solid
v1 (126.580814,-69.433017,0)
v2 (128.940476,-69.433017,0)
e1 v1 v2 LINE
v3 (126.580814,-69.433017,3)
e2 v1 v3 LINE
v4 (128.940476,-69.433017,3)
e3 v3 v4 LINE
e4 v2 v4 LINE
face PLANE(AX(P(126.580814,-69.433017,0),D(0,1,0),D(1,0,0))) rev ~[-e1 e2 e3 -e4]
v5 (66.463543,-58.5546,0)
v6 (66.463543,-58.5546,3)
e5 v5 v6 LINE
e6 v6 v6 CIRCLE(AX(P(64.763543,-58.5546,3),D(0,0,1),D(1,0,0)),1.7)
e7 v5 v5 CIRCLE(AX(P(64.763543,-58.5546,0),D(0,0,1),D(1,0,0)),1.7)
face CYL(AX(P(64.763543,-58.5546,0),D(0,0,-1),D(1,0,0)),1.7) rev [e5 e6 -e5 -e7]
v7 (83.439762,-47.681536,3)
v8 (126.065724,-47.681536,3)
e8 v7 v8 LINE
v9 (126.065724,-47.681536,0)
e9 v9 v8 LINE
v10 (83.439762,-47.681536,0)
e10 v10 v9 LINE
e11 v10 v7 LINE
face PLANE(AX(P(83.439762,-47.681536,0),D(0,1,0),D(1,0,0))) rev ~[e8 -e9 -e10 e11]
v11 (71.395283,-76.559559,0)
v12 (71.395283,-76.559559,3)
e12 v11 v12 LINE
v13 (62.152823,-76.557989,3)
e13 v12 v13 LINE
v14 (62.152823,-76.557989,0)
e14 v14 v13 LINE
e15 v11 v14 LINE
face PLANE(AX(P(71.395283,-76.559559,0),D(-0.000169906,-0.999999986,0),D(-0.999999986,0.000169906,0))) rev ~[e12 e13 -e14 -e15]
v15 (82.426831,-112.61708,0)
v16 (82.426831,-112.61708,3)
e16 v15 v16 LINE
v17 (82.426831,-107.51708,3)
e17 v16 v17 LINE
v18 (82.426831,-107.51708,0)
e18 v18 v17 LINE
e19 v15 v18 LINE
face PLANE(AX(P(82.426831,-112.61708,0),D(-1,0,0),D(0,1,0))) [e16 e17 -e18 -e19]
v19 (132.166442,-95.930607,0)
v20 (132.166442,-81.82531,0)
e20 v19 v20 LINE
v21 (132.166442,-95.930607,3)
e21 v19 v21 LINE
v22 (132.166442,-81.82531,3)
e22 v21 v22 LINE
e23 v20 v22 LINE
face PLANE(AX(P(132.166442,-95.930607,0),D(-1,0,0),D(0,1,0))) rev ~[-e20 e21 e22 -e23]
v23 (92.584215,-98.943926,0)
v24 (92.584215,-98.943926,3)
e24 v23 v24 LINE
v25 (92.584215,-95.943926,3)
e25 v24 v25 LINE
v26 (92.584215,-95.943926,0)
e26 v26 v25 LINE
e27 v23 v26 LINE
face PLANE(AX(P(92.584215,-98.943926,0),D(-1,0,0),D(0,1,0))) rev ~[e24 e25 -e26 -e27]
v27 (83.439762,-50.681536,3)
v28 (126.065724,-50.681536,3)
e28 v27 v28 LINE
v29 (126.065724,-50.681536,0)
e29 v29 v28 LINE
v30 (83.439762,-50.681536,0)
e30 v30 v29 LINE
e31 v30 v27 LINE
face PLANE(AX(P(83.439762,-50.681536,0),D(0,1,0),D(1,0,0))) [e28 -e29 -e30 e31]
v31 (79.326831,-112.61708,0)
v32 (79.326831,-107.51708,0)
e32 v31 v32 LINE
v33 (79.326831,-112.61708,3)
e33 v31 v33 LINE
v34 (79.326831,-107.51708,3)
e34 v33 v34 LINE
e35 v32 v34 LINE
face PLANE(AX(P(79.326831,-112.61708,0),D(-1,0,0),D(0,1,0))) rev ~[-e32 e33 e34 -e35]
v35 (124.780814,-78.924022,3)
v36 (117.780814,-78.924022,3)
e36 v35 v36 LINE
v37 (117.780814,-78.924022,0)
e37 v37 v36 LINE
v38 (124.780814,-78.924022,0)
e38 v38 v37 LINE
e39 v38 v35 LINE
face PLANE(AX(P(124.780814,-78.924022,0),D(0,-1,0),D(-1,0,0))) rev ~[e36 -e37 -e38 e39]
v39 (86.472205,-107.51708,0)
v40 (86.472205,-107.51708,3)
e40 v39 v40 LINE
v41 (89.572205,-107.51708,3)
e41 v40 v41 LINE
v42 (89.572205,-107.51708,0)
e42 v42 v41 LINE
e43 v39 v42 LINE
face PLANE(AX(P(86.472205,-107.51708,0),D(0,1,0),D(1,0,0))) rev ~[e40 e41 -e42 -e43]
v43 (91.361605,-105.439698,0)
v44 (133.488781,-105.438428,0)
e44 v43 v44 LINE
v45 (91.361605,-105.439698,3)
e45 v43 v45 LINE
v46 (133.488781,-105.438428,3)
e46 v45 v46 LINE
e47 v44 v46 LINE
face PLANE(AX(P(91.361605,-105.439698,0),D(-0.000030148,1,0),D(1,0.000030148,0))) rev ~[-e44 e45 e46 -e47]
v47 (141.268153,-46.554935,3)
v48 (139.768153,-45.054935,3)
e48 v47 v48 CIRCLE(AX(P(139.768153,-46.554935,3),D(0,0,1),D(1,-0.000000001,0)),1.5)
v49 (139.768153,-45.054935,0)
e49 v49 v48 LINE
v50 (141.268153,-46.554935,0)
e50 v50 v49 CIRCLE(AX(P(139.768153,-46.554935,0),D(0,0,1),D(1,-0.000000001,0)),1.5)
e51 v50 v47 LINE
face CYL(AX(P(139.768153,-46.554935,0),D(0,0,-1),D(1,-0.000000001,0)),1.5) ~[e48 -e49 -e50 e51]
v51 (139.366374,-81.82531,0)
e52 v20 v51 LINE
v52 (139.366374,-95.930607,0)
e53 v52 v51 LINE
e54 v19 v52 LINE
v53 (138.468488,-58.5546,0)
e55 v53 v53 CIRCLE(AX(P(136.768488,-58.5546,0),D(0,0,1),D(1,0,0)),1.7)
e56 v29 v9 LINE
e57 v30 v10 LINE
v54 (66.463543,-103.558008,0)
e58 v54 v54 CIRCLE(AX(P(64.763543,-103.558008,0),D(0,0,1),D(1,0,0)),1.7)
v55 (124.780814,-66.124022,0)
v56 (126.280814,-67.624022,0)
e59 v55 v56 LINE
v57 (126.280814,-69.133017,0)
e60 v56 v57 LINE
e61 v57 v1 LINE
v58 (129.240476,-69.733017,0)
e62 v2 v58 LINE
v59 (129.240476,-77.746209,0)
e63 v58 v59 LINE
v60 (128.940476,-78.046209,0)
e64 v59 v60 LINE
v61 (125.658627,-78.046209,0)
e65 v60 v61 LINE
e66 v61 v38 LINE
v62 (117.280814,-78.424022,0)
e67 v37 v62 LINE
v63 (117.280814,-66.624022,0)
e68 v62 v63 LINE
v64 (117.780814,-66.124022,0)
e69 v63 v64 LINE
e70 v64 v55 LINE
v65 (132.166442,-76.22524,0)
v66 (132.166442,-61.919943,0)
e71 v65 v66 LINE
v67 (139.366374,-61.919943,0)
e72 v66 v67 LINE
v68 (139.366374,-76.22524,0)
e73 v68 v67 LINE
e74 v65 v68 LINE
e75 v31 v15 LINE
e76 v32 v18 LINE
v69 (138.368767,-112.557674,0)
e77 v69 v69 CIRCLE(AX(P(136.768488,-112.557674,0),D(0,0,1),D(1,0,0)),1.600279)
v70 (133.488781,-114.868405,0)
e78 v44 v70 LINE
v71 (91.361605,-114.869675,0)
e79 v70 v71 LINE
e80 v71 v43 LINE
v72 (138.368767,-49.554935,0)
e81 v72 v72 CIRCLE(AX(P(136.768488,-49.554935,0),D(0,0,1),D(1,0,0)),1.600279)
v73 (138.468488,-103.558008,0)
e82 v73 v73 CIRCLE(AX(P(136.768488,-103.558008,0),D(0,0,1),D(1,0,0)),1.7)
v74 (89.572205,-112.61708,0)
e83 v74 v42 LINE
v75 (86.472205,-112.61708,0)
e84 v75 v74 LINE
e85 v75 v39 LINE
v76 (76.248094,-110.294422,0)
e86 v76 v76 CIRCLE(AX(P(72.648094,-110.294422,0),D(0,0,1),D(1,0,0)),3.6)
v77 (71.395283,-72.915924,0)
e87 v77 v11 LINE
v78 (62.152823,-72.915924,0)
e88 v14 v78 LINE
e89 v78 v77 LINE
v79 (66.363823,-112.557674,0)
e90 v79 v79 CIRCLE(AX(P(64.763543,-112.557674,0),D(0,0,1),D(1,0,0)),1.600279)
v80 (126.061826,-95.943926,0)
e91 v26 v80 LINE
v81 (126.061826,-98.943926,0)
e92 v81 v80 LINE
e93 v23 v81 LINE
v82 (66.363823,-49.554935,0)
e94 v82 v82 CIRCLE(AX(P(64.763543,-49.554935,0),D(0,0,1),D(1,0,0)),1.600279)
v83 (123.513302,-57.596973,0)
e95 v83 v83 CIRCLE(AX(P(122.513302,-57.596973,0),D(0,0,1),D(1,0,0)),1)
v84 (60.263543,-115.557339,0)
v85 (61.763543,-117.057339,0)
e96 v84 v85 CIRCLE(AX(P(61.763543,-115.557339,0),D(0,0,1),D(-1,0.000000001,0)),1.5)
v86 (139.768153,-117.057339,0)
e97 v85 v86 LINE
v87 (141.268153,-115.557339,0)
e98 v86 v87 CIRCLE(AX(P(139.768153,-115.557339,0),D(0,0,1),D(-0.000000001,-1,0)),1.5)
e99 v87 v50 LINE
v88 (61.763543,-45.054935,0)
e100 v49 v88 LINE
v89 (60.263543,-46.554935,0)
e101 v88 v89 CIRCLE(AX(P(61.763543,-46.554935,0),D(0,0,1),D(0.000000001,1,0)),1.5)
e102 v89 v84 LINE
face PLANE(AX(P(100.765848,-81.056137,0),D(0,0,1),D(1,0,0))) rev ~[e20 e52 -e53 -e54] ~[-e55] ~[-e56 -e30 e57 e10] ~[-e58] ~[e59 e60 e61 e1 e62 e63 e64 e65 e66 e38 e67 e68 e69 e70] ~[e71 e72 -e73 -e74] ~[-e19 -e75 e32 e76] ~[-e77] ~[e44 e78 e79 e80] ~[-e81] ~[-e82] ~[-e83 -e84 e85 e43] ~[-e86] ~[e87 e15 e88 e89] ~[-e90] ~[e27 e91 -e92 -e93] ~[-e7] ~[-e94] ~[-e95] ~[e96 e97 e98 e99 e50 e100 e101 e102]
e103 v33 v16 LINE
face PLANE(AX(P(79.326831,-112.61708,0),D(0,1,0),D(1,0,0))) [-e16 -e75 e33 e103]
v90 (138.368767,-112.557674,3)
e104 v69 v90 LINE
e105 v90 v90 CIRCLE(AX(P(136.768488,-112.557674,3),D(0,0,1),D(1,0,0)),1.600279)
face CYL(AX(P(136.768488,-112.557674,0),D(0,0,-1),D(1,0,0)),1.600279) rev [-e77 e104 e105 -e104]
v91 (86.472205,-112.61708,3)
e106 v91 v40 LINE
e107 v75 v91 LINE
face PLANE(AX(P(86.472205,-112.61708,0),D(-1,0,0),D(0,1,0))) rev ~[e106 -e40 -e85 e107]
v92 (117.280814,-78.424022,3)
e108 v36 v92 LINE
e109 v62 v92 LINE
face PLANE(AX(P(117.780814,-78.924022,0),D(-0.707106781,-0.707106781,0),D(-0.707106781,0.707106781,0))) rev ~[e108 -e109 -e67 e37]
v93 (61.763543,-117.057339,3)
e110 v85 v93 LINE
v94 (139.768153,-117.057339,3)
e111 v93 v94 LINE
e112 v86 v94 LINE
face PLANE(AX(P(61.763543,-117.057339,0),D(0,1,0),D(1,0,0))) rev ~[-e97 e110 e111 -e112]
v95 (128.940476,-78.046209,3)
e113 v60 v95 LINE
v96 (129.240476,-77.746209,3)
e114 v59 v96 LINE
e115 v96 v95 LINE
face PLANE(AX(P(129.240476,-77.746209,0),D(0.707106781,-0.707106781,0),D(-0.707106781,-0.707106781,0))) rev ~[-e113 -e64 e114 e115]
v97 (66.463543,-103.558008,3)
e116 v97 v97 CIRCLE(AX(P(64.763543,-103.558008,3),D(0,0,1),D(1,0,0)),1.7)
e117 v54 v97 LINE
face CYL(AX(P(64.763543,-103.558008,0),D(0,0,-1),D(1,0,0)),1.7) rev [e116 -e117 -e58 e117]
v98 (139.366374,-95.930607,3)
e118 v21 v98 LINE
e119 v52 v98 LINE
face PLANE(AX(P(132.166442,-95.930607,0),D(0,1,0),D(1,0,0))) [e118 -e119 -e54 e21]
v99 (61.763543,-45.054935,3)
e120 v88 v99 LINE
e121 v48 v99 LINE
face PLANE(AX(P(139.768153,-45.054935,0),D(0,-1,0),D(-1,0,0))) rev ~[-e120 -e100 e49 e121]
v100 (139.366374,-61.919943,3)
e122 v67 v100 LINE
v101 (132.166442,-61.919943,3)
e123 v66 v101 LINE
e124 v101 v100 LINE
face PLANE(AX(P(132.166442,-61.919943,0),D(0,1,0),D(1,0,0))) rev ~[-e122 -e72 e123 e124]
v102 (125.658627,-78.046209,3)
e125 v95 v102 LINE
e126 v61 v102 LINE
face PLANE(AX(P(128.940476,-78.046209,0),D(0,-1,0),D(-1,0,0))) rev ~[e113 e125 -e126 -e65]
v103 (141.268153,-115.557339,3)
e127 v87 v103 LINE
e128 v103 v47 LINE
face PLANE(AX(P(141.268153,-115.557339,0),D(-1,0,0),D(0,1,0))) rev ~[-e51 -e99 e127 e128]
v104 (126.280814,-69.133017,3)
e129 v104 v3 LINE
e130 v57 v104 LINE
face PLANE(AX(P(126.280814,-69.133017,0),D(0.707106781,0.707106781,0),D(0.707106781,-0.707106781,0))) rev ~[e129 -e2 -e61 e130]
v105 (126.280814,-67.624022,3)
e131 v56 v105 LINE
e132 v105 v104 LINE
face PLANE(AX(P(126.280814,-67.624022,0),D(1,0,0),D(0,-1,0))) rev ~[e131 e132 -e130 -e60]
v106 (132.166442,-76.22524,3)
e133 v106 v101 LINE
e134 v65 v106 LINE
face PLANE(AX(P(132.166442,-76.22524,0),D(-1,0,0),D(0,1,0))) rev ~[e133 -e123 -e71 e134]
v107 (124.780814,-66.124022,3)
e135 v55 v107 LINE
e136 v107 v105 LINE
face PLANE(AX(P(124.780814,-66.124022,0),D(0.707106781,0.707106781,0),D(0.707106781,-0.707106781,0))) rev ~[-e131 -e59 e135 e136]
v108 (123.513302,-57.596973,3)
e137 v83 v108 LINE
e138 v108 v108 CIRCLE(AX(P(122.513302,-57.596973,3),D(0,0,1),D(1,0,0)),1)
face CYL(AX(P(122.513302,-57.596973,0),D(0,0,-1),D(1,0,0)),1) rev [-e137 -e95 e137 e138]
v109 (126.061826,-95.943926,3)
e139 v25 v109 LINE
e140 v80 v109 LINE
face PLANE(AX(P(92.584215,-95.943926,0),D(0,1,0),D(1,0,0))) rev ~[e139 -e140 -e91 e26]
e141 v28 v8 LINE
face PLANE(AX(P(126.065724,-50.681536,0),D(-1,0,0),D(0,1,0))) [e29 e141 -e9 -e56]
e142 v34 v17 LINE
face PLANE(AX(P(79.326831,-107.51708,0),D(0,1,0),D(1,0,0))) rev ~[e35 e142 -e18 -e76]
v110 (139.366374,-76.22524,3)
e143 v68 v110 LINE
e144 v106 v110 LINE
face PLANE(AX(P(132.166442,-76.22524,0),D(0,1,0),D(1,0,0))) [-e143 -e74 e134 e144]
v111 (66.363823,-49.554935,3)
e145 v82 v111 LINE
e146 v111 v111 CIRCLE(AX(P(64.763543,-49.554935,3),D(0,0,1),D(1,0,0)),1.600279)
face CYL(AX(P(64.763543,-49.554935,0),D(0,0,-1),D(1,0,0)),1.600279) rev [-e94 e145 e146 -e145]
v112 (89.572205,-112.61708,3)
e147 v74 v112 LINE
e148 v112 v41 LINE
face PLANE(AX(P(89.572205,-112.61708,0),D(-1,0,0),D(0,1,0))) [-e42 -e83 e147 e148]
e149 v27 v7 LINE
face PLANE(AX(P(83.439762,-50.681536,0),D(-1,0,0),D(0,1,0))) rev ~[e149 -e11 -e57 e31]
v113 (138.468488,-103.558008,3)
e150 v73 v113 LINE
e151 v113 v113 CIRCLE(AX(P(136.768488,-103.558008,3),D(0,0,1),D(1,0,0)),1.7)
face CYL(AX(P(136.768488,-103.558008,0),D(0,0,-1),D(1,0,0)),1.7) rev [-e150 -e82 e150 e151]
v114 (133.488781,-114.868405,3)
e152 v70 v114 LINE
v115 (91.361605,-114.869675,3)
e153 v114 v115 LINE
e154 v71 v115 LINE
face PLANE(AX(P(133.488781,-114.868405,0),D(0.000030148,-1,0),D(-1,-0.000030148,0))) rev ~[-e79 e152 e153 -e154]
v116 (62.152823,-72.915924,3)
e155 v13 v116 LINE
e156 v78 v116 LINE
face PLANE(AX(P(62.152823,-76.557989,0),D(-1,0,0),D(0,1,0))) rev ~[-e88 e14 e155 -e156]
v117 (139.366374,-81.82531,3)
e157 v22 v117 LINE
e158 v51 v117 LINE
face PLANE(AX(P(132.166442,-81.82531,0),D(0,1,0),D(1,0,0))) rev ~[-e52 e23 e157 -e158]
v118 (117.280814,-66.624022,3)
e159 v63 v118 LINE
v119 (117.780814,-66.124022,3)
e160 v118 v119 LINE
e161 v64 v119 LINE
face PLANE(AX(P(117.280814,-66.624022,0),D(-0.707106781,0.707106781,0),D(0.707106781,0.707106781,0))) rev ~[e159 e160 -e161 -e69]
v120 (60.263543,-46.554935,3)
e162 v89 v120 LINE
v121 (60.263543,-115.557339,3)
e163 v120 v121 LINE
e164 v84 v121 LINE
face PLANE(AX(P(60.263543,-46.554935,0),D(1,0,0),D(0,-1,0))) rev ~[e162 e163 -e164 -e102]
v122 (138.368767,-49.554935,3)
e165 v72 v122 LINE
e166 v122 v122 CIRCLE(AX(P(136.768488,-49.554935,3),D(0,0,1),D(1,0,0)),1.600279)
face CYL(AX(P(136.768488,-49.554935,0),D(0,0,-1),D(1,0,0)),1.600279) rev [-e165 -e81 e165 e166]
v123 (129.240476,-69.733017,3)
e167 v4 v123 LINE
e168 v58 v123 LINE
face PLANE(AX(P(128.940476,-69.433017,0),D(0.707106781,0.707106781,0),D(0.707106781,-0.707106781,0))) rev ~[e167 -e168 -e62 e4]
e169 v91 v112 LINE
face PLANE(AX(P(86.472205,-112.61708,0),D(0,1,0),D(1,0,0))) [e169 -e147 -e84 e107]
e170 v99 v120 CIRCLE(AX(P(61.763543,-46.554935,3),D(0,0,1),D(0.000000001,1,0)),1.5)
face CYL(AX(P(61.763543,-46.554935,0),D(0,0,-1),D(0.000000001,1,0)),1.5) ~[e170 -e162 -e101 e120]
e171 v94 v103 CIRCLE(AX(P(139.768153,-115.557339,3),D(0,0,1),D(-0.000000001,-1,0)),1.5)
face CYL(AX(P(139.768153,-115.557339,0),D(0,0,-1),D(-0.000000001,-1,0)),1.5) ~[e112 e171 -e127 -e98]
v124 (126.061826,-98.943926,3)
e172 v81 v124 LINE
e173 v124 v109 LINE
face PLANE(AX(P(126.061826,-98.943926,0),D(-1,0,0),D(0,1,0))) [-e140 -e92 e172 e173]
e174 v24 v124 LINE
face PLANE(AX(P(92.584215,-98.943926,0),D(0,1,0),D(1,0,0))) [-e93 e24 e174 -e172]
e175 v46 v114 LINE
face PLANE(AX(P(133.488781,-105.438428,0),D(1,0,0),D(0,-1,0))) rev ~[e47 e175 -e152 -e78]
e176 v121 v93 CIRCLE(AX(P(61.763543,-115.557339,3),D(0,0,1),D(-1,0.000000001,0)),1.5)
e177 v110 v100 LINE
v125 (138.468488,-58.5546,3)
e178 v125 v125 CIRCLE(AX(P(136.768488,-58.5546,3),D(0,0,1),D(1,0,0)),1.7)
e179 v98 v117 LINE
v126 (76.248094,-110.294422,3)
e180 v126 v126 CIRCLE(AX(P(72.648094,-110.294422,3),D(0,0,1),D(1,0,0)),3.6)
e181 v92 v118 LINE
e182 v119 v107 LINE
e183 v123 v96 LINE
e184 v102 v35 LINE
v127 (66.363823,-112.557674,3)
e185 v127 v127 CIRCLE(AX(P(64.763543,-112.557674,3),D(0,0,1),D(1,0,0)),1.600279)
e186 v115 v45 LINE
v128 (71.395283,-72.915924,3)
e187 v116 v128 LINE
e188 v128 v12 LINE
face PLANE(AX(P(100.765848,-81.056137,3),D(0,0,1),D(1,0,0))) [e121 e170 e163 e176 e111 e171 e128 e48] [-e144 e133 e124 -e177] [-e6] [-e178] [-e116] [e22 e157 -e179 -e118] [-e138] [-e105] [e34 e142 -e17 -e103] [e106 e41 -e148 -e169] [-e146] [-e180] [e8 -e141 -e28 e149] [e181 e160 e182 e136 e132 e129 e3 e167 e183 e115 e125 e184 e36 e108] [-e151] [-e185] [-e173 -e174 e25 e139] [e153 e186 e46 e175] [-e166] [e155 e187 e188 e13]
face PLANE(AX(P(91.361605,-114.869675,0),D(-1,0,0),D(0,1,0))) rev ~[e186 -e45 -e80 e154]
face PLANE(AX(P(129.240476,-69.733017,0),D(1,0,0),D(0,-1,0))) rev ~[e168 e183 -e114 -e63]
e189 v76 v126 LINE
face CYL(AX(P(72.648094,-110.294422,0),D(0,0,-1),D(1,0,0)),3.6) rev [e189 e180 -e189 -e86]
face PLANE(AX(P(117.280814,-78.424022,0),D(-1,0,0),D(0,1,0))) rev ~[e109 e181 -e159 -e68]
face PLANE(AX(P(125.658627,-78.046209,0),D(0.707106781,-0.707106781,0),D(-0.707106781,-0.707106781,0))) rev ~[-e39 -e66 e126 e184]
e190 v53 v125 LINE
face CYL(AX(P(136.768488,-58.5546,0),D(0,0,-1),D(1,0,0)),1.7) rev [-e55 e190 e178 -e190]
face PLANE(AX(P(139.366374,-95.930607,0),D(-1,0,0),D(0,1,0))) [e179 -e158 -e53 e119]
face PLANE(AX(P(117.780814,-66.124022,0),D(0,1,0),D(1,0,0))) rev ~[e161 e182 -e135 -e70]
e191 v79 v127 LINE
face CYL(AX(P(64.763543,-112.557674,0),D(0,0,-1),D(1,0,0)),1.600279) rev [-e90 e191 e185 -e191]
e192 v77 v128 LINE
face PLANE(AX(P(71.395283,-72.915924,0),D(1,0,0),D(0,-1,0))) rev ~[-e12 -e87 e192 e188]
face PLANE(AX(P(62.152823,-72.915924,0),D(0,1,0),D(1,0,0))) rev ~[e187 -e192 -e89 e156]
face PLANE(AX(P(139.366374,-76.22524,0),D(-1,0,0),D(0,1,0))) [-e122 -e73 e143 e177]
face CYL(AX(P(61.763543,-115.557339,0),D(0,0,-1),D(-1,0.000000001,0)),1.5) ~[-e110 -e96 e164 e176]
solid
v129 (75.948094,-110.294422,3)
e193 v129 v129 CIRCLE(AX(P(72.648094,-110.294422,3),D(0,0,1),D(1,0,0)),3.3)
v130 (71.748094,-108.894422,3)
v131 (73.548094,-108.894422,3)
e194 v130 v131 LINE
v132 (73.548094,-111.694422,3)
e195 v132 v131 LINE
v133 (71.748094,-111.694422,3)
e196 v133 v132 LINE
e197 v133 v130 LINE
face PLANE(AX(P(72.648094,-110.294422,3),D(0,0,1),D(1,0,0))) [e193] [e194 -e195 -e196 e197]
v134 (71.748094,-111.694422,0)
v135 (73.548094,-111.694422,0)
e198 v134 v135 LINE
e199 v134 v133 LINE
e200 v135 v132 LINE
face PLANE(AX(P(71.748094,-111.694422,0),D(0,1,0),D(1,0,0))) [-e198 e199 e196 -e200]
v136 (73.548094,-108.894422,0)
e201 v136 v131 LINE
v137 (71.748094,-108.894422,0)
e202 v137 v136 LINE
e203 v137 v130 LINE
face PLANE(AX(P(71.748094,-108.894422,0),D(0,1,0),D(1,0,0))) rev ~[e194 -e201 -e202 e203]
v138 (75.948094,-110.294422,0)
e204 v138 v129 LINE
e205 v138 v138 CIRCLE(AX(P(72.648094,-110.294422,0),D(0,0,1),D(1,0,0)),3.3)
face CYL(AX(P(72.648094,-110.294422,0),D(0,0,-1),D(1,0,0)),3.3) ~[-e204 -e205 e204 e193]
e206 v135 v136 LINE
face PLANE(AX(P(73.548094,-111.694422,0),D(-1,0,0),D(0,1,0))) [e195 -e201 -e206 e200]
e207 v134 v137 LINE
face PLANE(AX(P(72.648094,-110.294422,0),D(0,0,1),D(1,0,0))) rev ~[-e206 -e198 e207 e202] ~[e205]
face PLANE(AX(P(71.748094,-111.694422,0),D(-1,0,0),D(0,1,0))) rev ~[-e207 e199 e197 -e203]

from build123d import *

# Parameters (mm, degrees)
MODEL_R                   = 1.600279216
MODEL_R_2                 = 3.6
MODEL_R_3                 = 1.7
MODEL_W                   = 3.1
MODEL_H                   = 5.1
MODEL_W_2                 = 33.477610829
MODEL_H_2                 = 3
MODEL_W_3                 = 7.19993206
MODEL_H_3                 = 14.105297
MODEL_H_4                 = 14.305297001
MODEL_W_4                 = 42.625961549
MODEL_R_4                 = 1
SALIENTE_EXTRUIR1_DEPTH   = 3
MODEL_R_5                 = 3.3
MODEL_W_5                 = 1.8
MODEL_H_5                 = 2.8
SALIENTE_EXTRUIR1_2_DEPTH = 3


with BuildPart() as part:
    # Model → Saliente-Extruir1 (new body)
    with BuildSketch(Plane.XY):
        with BuildLine():
            ThreePointArc((141.268153306, -46.554934941), (140.828813478, -45.494274769), (139.768153306, -45.054934941))
            Line((139.768153306, -45.054934941), (61.763543448, -45.054934941))
            ThreePointArc((61.763543448, -45.054934941), (60.702883276, -45.494274769), (60.263543448, -46.554934941))
            Line((60.263543448, -46.554934941), (60.263543448, -115.557339175))
            ThreePointArc((60.263543448, -115.557339175), (60.702883276, -116.617999347), (61.763543448, -117.057339175))
            Line((61.763543448, -117.057339175), (139.768153306, -117.057339175))
            ThreePointArc((139.768153306, -117.057339175), (140.828813478, -116.617999347), (141.268153306, -115.557339175))
            Line((141.268153306, -115.557339175), (141.268153306, -46.554934941))
        make_face()
        with Locations((64.763543448, -112.557673677)):
            Circle(MODEL_R, mode=Mode.SUBTRACT)
        with Locations((72.648093746, -110.294421642)):
            Circle(MODEL_R_2, mode=Mode.SUBTRACT)
        with Locations((64.763543448, -103.558008179)):
            Circle(MODEL_R_3, mode=Mode.SUBTRACT)
        with Locations((80.876831082, -110.067080389)):
            Rectangle(MODEL_W, MODEL_H, mode=Mode.SUBTRACT)
        with Locations((88.022204789, -110.067080389)):
            Rectangle(MODEL_W, MODEL_H, mode=Mode.SUBTRACT)
        Polygon((133.488780706, -114.868405375), (91.361604845, -114.869675438), (91.361604845, -105.439698172), (133.488780706, -105.438428109), align=None, mode=Mode.SUBTRACT)
        with Locations((136.768487808, -112.557673677)):
            Circle(MODEL_R, mode=Mode.SUBTRACT)
        with Locations((136.768487808, -103.558008179)):
            Circle(MODEL_R_3, mode=Mode.SUBTRACT)
        with Locations((109.323020283, -97.443925522)):
            Rectangle(MODEL_W_2, MODEL_H_2, mode=Mode.SUBTRACT)
        with Locations((135.766408204, -88.877958573)):
            Rectangle(MODEL_W_3, MODEL_H_3, mode=Mode.SUBTRACT)
        Polygon((71.39528321, -72.915924132), (71.39528321, -76.559558928), (62.152822733, -76.557988576), (62.152822733, -72.915924132), align=None, mode=Mode.SUBTRACT)
        with Locations((64.763543448, -58.554600438)):
            Circle(MODEL_R_3, mode=Mode.SUBTRACT)
        with Locations((64.763543448, -49.554934941)):
            Circle(MODEL_R, mode=Mode.SUBTRACT)
        Polygon((117.280814174, -66.624021947), (117.780814174, -66.124021947), (124.780814174, -66.124021947), (126.280814174, -67.624021947), (126.280814174, -69.133016861), (126.580814174, -69.433016861), (128.940476156, -69.433016861), (129.240476156, -69.733016861), (129.240476156, -77.746209187), (128.940476156, -78.046209187), (125.658626934, -78.046209187), (124.780814174, -78.924021947), (117.780814174, -78.924021947), (117.280814174, -78.424021947), align=None, mode=Mode.SUBTRACT)
        with Locations((135.766408204, -69.072591195)):
            Rectangle(MODEL_W_3, MODEL_H_4, mode=Mode.SUBTRACT)
        with Locations((104.752742978, -49.181536457)):
            Rectangle(MODEL_W_4, MODEL_H_2, mode=Mode.SUBTRACT)
        with Locations((122.513302154, -57.596973034)):
            Circle(MODEL_R_4, mode=Mode.SUBTRACT)
        with Locations((136.768487808, -58.554600438)):
            Circle(MODEL_R_3, mode=Mode.SUBTRACT)
        with Locations((136.768487808, -49.554934941)):
            Circle(MODEL_R, mode=Mode.SUBTRACT)
    extrude(amount=SALIENTE_EXTRUIR1_DEPTH)


with BuildPart() as body_2:
    # Model → Saliente-Extruir1 2 (new body)
    with BuildSketch(Plane.XY):
        with Locations((72.648093746, -110.294421642)):
            Circle(MODEL_R_5)
        with Locations((72.648093746, -110.294421642)):
            Rectangle(MODEL_W_5, MODEL_H_5, mode=Mode.SUBTRACT)
    extrude(amount=SALIENTE_EXTRUIR1_2_DEPTH)


solid = Compound([part.part, body_2.part])
